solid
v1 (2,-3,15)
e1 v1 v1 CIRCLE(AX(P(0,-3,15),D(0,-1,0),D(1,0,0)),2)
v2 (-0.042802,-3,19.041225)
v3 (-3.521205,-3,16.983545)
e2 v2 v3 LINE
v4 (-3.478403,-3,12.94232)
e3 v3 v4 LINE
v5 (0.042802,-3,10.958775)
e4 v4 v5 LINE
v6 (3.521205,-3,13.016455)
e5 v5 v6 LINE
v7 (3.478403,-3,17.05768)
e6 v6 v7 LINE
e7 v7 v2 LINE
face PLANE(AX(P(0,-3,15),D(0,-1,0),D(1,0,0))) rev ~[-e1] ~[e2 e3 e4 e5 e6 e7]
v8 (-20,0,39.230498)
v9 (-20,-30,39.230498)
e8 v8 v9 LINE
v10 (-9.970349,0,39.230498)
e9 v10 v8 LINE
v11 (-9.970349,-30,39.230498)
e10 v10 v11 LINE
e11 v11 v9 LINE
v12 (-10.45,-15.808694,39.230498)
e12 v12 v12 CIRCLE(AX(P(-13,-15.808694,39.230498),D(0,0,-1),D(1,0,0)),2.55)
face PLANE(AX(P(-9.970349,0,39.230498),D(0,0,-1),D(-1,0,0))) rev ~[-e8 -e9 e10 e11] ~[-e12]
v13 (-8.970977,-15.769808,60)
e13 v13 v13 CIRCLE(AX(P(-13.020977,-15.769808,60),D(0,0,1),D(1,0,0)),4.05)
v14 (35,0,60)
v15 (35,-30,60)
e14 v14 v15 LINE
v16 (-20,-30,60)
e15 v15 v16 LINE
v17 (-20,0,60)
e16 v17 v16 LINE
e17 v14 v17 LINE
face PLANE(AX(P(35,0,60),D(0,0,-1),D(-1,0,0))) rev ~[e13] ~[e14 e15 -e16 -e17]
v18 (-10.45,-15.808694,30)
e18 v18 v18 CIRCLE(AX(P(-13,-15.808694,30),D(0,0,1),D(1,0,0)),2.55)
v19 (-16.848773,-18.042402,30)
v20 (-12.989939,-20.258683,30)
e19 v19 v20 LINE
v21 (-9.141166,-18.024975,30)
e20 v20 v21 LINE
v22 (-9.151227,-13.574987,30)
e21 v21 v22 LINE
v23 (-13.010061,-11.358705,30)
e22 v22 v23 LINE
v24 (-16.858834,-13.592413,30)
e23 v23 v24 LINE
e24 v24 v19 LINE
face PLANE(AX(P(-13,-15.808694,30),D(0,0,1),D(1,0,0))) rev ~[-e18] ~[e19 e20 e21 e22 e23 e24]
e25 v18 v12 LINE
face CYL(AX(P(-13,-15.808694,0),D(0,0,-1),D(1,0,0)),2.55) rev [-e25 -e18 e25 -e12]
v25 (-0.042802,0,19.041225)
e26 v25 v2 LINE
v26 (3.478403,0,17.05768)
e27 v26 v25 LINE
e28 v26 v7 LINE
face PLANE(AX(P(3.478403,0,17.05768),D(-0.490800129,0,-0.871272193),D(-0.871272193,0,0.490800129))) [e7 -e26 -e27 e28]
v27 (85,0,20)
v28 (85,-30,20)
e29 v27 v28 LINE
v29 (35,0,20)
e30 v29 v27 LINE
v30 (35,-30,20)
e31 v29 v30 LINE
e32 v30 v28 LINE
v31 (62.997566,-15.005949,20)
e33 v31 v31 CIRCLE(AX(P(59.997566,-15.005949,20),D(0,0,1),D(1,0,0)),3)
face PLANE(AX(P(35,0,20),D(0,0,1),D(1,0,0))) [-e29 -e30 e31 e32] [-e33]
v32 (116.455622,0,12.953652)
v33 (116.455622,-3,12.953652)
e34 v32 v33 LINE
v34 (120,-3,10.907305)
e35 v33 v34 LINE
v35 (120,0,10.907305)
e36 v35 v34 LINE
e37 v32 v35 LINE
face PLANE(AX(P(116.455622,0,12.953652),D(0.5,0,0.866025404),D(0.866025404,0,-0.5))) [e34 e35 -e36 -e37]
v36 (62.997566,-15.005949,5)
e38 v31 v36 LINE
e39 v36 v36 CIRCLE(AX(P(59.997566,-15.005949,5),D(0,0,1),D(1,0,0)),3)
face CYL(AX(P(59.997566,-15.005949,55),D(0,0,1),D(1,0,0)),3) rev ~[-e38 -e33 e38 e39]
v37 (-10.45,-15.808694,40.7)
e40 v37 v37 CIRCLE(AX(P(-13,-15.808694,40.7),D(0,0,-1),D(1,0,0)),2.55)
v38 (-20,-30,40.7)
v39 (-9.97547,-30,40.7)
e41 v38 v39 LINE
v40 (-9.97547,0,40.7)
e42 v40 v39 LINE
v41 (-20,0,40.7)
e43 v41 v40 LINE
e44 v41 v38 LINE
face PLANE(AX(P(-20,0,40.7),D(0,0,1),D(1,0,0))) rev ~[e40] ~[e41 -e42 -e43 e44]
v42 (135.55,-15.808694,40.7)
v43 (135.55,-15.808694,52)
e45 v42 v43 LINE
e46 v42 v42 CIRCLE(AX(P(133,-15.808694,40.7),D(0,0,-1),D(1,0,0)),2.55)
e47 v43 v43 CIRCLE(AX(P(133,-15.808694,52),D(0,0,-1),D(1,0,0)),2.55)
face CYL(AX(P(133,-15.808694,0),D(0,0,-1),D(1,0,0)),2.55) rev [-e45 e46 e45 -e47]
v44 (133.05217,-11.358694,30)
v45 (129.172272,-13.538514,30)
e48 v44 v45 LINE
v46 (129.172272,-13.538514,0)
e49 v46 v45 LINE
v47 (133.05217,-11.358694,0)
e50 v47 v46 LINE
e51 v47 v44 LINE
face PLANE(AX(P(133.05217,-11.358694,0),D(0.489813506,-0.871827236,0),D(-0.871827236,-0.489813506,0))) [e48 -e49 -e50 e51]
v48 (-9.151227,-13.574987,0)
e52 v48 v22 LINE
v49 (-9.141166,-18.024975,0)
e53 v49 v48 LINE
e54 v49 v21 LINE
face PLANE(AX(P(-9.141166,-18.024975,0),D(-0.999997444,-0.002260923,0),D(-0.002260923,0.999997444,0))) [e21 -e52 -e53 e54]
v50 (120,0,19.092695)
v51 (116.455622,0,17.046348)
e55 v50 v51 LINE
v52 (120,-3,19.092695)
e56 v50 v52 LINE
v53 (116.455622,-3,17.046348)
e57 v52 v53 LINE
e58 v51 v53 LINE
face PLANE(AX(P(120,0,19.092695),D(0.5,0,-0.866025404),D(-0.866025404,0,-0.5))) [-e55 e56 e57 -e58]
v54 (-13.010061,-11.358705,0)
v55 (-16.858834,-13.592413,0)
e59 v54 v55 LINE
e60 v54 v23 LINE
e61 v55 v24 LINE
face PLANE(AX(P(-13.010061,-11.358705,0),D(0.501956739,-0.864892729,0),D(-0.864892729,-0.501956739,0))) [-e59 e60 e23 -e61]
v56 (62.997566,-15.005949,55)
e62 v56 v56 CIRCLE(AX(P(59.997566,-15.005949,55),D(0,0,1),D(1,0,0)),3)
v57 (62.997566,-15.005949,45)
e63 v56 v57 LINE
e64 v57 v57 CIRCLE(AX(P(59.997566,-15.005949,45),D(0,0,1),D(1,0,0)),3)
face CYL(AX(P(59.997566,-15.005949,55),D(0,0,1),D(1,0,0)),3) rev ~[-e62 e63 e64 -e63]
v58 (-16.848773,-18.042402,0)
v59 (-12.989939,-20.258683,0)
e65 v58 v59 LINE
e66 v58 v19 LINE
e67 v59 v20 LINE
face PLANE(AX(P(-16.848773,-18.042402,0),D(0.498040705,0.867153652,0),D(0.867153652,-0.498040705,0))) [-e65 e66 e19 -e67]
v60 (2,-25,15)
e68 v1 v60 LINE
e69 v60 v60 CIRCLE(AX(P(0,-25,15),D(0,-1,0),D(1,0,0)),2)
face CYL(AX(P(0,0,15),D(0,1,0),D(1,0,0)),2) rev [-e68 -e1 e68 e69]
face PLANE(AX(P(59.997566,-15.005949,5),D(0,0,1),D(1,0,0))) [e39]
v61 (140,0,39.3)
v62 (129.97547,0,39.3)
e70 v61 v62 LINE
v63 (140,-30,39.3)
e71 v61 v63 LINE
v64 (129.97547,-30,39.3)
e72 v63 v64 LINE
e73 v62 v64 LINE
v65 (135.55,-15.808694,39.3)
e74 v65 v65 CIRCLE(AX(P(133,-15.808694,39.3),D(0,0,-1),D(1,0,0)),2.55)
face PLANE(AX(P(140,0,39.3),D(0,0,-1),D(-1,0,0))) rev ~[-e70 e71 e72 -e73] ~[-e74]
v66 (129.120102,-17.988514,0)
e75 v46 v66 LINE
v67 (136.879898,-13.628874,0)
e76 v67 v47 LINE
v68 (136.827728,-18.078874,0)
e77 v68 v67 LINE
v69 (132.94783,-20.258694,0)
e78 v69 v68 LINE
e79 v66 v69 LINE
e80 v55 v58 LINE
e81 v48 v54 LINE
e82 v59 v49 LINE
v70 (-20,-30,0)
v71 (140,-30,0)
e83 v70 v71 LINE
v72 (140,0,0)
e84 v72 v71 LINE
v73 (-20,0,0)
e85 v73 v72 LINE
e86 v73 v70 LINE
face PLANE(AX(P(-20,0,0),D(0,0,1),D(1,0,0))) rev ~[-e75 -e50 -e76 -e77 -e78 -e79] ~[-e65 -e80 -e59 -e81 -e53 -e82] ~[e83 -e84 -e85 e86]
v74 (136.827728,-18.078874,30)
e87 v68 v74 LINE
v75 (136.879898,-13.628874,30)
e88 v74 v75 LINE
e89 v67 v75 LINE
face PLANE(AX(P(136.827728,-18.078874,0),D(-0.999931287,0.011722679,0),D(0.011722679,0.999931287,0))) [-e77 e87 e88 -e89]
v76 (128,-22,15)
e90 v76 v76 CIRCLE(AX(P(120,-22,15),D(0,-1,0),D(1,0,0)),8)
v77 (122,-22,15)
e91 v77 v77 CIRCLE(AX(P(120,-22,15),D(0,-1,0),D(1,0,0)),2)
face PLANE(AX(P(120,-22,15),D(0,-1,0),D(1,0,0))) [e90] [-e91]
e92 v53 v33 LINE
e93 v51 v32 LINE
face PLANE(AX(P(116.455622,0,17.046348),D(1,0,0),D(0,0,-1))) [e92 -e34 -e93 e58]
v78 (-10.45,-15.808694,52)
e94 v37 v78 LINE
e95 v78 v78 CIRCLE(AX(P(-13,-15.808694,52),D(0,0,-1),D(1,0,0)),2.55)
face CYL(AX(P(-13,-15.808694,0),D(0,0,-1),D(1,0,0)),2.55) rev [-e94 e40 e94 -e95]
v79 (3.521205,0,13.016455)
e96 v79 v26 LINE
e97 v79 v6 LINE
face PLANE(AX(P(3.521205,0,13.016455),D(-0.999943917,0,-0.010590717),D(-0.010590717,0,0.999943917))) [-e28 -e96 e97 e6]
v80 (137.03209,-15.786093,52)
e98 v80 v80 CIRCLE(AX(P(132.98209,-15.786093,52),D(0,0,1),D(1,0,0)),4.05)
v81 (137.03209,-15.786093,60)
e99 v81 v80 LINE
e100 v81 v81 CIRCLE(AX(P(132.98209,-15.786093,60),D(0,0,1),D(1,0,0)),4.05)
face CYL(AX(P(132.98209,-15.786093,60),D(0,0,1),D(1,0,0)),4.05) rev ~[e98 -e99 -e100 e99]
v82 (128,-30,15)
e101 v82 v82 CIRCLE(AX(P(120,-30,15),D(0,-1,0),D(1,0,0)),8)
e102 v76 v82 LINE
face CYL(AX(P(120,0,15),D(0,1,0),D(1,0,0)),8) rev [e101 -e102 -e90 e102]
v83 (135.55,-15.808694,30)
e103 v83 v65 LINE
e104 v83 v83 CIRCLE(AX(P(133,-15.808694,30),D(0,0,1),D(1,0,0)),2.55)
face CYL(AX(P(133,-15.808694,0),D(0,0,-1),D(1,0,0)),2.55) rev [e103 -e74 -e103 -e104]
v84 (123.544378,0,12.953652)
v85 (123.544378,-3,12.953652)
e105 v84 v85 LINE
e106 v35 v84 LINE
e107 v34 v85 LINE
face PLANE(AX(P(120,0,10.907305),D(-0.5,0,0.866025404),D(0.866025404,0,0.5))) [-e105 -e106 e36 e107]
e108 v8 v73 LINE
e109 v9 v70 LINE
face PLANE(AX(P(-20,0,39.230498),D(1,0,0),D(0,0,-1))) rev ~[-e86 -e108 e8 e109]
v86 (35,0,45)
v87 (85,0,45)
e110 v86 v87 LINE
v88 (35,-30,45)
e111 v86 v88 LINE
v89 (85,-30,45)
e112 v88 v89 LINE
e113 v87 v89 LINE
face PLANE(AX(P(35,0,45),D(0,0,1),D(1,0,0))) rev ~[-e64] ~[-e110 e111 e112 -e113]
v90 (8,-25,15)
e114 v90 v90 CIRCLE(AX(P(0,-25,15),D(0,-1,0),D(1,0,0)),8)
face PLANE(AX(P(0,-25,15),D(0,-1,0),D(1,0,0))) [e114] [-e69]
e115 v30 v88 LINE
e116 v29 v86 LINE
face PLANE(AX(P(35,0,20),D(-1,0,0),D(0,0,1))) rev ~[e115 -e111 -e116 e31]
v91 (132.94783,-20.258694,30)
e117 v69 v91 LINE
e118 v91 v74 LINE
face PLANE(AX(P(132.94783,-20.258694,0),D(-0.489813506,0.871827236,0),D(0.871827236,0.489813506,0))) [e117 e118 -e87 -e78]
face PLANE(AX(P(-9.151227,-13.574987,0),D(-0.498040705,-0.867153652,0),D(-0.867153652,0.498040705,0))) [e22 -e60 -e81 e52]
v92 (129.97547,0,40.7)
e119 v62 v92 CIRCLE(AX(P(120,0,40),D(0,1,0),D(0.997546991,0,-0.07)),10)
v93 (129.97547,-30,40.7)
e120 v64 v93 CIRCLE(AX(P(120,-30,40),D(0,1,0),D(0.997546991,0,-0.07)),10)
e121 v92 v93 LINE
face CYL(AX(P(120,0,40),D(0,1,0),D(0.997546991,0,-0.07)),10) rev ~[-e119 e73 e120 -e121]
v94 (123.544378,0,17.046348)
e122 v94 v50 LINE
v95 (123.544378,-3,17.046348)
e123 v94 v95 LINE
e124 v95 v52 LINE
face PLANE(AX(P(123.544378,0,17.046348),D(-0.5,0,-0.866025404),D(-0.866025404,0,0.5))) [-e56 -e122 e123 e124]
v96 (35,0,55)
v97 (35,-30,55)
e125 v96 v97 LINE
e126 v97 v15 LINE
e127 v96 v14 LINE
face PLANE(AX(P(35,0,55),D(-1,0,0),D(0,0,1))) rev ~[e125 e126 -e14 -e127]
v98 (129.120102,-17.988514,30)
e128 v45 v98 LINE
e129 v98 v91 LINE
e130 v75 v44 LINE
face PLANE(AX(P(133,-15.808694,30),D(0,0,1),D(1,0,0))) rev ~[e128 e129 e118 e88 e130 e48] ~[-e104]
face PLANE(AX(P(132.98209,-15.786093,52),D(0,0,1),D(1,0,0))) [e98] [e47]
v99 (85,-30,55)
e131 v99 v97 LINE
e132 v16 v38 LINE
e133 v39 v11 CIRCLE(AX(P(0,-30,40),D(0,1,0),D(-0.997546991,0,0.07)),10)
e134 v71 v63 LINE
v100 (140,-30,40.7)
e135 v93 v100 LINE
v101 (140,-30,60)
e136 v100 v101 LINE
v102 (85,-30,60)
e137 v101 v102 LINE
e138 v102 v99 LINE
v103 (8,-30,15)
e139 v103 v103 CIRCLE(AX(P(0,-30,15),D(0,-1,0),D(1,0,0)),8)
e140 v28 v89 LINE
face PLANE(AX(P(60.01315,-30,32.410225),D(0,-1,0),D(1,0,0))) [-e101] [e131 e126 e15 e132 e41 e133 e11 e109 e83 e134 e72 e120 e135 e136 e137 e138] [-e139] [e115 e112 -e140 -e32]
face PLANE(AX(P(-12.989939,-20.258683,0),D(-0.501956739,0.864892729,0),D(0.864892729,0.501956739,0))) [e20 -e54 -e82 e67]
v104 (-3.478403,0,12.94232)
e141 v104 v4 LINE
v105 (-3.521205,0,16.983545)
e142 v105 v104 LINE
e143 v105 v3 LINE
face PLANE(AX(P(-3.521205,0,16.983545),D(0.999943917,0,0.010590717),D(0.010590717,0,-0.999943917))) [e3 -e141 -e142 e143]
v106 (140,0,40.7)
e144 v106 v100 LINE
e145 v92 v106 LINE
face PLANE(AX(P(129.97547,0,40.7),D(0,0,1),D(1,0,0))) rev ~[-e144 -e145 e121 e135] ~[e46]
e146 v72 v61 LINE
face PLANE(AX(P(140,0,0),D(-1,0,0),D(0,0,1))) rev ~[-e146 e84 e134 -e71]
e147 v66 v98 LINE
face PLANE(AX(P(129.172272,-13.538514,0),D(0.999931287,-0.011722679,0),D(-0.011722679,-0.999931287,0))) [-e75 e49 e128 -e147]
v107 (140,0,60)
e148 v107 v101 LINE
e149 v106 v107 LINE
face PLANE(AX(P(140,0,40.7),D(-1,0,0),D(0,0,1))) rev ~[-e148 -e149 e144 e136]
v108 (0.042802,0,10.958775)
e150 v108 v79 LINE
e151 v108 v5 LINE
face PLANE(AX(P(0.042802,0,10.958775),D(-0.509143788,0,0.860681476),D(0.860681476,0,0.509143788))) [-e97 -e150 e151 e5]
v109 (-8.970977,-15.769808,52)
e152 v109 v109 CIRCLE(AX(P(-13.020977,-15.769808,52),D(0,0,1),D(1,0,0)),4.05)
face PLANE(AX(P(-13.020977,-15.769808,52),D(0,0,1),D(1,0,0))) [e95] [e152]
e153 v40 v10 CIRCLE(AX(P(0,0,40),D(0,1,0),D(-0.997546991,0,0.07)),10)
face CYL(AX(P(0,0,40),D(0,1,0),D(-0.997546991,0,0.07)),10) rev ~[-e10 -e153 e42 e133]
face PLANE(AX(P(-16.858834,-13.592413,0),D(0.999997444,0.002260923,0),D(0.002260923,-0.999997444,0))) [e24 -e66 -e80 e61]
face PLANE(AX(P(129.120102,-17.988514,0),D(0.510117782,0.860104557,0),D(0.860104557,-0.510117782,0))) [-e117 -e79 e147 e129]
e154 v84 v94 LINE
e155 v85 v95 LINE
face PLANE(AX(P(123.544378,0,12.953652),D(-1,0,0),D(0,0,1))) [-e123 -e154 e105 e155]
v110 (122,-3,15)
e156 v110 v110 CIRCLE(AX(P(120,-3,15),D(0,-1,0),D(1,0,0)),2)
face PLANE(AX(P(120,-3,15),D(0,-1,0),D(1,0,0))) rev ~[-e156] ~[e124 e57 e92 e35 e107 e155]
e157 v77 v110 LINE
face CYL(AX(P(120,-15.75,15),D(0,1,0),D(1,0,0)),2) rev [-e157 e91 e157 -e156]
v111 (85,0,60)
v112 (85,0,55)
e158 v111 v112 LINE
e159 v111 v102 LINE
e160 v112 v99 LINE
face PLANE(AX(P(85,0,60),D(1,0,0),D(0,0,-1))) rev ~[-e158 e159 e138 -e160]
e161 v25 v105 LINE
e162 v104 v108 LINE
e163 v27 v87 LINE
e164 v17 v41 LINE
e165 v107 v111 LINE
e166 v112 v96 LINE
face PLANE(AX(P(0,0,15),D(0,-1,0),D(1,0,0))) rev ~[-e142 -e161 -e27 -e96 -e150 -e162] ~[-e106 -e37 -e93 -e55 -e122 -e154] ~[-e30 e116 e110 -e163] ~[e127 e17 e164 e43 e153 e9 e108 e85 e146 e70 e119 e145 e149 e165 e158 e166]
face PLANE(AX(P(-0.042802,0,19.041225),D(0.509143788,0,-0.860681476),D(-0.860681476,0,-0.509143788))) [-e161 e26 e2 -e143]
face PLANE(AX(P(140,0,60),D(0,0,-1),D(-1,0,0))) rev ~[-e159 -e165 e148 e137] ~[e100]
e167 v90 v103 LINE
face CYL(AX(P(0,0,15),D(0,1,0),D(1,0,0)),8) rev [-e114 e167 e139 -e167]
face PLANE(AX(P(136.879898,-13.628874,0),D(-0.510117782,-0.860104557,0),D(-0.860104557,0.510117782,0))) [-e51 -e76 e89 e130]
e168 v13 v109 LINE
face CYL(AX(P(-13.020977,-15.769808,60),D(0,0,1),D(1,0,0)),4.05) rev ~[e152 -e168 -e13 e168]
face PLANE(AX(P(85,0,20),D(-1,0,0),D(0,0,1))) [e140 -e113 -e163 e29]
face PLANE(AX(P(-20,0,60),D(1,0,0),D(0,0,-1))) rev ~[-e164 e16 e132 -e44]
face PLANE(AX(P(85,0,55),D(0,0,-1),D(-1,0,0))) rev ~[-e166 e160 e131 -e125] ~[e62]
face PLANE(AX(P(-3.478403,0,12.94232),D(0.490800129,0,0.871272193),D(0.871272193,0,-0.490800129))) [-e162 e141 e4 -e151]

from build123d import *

# Parameters (mm, degrees)
F0_R      = 8
F0_W      = 50
F0_H      = 25
F1_DEPTH  = 30
F0_R_2    = 2
F2_R      = 2.55
F3_DEPTH  = 60
F5_DEPTH  = 30
F6_R      = 4.8374407279
F6_R_2    = 4.05
F7_DEPTH  = 8
F4_R      = 3.025
F8_DEPTH  = 55
F9_DEPTH  = 22
F10_DEPTH = 4
F11_DEPTH = 3
F12_DEPTH = 3
F13_DEPTH = 3
F14_DEPTH = 25
F15_DEPTH = 5
F16_DEPTH = 14.25
F17_DEPTH = 6.25
F19_R     = 3
F20_DEPTH = 50
F22_R     = 4.05
F23_DEPTH = 8


with BuildPart() as f1:
    # F0 (on Front) → F1 (new body)
    with BuildSketch(Plane.XZ):
        with BuildLine():
            Line((-20, 39.2304982366), (-20, 0))
            Line((-20, 0), (140, 0))
            Line((140, 0), (140, 39.3))
            Line((140, 39.3), (129.9754699137, 39.3))
            ThreePointArc((129.9754699137, 39.3), (110, 40), (129.9754699137, 40.7))
            Line((129.9754699137, 40.7), (140, 40.7))
            Line((140, 40.7), (140, 60))
            Line((140, 60), (85, 60))
            Line((85, 60), (85, 55))
            Line((85, 55), (35, 55))
            Line((35, 55), (35, 60))
            Line((35, 60), (-20, 60))
            Line((-20, 60), (-20, 40.7))
            Line((-20, 40.7), (-9.9754699137, 40.7))
            ThreePointArc((-9.9754699137, 40.7), (9.9999392909, 40.0348450672), (-9.9703493939, 39.2304982366))
            Line((-9.9703493939, 39.2304982366), (-20, 39.2304982366))
        make_face()
        with Locations((0, 15)):
            Circle(F0_R, mode=Mode.SUBTRACT)
        with Locations((120, 15)):
            Circle(F0_R, mode=Mode.SUBTRACT)
        with Locations((60, 32.5)):
            Rectangle(F0_W, F0_H, mode=Mode.SUBTRACT)
    extrude(amount=F1_DEPTH)

    # F2 (on Top) → F3 (cut)
    with BuildSketch(Plane.XY):
        with Locations((-13, -15.8086940646)):
            Circle(F2_R)
        with Locations((133, -15.8086940646)):
            Circle(F2_R)
    extrude(amount=F3_DEPTH, mode=Mode.SUBTRACT)

    # F2 (on Top) → F5 (cut)
    with BuildSketch(Plane.XY):
        Polygon((-16.8588337506, -13.5924129261), (-16.8487726432, -18.0424015523), (-12.9899388926, -20.2586826909), (-9.1411662494, -18.0249752032), (-9.1512273568, -13.5749865769), (-13.0100611074, -11.3587054383), align=None)
        with Locations((-13, -15.8086940646)):
            Circle(F2_R, mode=Mode.SUBTRACT)
        Polygon((129.1722717067, -13.5385139461), (129.1201021996, -17.9885139461), (132.9478304928, -20.2586940646), (136.8277282933, -18.0788741831), (136.8798978004, -13.6288741831), (133.0521695072, -11.3586940646), align=None)
        with Locations((133, -15.8086940646)):
            Circle(F2_R, mode=Mode.SUBTRACT)
    extrude(amount=F5_DEPTH, mode=Mode.SUBTRACT)

    # F6 (on Top) → F7 (cut)
    with BuildSketch(Plane.XY):
        with Locations((-13, -15.8086940646)):
            Circle(F6_R)
        with Locations((133, -15.8086940646)):
            Circle(F6_R_2)
    extrude(amount=-F7_DEPTH, mode=Mode.SUBTRACT)

    # F4 (on Top) → F8 (cut)
    with BuildSketch(Plane.XY):
        with Locations((60, -15)):
            Circle(F4_R)
    extrude(amount=-F8_DEPTH, mode=Mode.SUBTRACT)



with BuildPart() as f1b:
    # F0 (on Front) → F1, piece 2 (new body)
    with BuildSketch(Plane.XZ):
        Polygon((-0.0428018717, 19.0412252267), (-3.5212046446, 16.9835451052), (-3.4784027729, 12.9423198784), (0.0428018717, 10.9587747733), (3.5212046446, 13.0164548948), (3.4784027729, 17.0576801216), align=None)
        with Locations((0, 15)):
            Circle(F0_R_2, mode=Mode.SUBTRACT)
    extrude(amount=F1_DEPTH)


with BuildPart() as f1c:
    # F0 (on Front) → F1, piece 3 (new body)
    with BuildSketch(Plane.XZ):
        Polygon((116.4556220174, 17.0463475824), (116.4556220174, 12.9536524176), (120, 10.9073048353), (123.5443779826, 12.9536524176), (123.5443779826, 17.0463475824), (120, 19.0926951647), align=None)
        with Locations((120, 15)):
            Circle(F0_R_2, mode=Mode.SUBTRACT)
    extrude(amount=F1_DEPTH)


with BuildPart() as f1_1:
    add(f1.part)

    add(f1b.part)  # F9 merges F1b

    add(f1c.part)  # F9 merges F1c
    # F0 (on Front) → F9 (join)
    with BuildSketch(Plane.XZ):
        with Locations((0, 15)):
            Circle(F0_R)
        Polygon((-3.4784027729, 12.9423198784), (-3.5212046446, 16.9835451052), (-0.0428018717, 19.0412252267), (3.4784027729, 17.0576801216), (3.5212046446, 13.0164548948), (0.0428018717, 10.9587747733), align=None, mode=Mode.SUBTRACT)
        with Locations((120, 15)):
            Circle(F0_R)
        Polygon((120, 10.9073048353), (116.4556220174, 12.9536524176), (116.4556220174, 17.0463475824), (120, 19.0926951647), (123.5443779826, 17.0463475824), (123.5443779826, 12.9536524176), align=None, mode=Mode.SUBTRACT)
    extrude(amount=F9_DEPTH)

    # F0 (on Front) → F10 (cut)
    with BuildSketch(Plane.XZ):
        Polygon((116.4556220174, 17.0463475824), (116.4556220174, 12.9536524176), (120, 10.9073048353), (123.5443779826, 12.9536524176), (123.5443779826, 17.0463475824), (120, 19.0926951647), align=None)
        with Locations((120, 15)):
            Circle(F0_R_2, mode=Mode.SUBTRACT)
    extrude(amount=-F10_DEPTH, mode=Mode.SUBTRACT)

    # F0 (on Front) → F11 (cut)
    with BuildSketch(Plane.XZ):
        Polygon((116.4556220174, 17.0463475824), (116.4556220174, 12.9536524176), (120, 10.9073048353), (123.5443779826, 12.9536524176), (123.5443779826, 17.0463475824), (120, 19.0926951647), align=None)
        with Locations((120, 15)):
            Circle(F0_R_2, mode=Mode.SUBTRACT)
    extrude(amount=-F11_DEPTH, mode=Mode.SUBTRACT)

    # F0 (on Front) → F12 (cut)
    with BuildSketch(Plane.XZ):
        Polygon((116.4556220174, 17.0463475824), (116.4556220174, 12.9536524176), (120, 10.9073048353), (123.5443779826, 12.9536524176), (123.5443779826, 17.0463475824), (120, 19.0926951647), align=None)
        with Locations((120, 15)):
            Circle(F0_R_2, mode=Mode.SUBTRACT)
    extrude(amount=F12_DEPTH, mode=Mode.SUBTRACT)

    # F0 (on Front) → F13 (cut)
    with BuildSketch(Plane.XZ):
        Polygon((-0.0428018717, 19.0412252267), (-3.5212046446, 16.9835451052), (-3.4784027729, 12.9423198784), (0.0428018717, 10.9587747733), (3.5212046446, 13.0164548948), (3.4784027729, 17.0576801216), align=None)
        with Locations((0, 15)):
            Circle(F0_R_2, mode=Mode.SUBTRACT)
    extrude(amount=F13_DEPTH, mode=Mode.SUBTRACT)

    # F0 (on Front) → F14 (join)
    with BuildSketch(Plane.XZ):
        with Locations((0, 15)):
            Circle(F0_R)
        Polygon((-3.4784027729, 12.9423198784), (-3.5212046446, 16.9835451052), (-0.0428018717, 19.0412252267), (3.4784027729, 17.0576801216), (3.5212046446, 13.0164548948), (0.0428018717, 10.9587747733), align=None, mode=Mode.SUBTRACT)
    extrude(amount=F14_DEPTH)

    # F15 (cut): a face of the model
    f15_faces = [f1_1.faces().sort_by_distance(p)[0] for p in [
        (1.6651859594, -30, 17.9560510216),
    ]]
    extrude(f15_faces, amount=-F15_DEPTH, mode=Mode.SUBTRACT)

    # F16 (cut): a face of the model
    f16_faces = [f1_1.faces().sort_by_distance(p)[0] for p in [
        (116.5639045534, -30, 15),
    ]]
    extrude(f16_faces, amount=-F16_DEPTH, mode=Mode.SUBTRACT)

    # F17 (add, through all): a face of the model
    f17_faces = [f1_1.faces().sort_by_distance(p)[0] for p in [
        (116.5639045534, -15.75, 15),
    ]]
    extrude(f17_faces, amount=F17_DEPTH)

    # F19 (on offset) → F20 (cut)
    with BuildSketch(Plane.XY.offset(55)):
        with Locations((59.9975660443, -15.0059489533)):
            Circle(F19_R)
    extrude(amount=-F20_DEPTH, mode=Mode.SUBTRACT)

    # F22 (on offset) → F23 (cut)
    with BuildSketch(Plane.XY.offset(60)):
        with Locations((-13.0209773779, -15.7698076218)):
            Circle(F22_R)
        with Locations((132.9820901155, -15.7860927284)):
            Circle(F22_R)
    extrude(amount=-F23_DEPTH, mode=Mode.SUBTRACT)


solid = f1_1.part
